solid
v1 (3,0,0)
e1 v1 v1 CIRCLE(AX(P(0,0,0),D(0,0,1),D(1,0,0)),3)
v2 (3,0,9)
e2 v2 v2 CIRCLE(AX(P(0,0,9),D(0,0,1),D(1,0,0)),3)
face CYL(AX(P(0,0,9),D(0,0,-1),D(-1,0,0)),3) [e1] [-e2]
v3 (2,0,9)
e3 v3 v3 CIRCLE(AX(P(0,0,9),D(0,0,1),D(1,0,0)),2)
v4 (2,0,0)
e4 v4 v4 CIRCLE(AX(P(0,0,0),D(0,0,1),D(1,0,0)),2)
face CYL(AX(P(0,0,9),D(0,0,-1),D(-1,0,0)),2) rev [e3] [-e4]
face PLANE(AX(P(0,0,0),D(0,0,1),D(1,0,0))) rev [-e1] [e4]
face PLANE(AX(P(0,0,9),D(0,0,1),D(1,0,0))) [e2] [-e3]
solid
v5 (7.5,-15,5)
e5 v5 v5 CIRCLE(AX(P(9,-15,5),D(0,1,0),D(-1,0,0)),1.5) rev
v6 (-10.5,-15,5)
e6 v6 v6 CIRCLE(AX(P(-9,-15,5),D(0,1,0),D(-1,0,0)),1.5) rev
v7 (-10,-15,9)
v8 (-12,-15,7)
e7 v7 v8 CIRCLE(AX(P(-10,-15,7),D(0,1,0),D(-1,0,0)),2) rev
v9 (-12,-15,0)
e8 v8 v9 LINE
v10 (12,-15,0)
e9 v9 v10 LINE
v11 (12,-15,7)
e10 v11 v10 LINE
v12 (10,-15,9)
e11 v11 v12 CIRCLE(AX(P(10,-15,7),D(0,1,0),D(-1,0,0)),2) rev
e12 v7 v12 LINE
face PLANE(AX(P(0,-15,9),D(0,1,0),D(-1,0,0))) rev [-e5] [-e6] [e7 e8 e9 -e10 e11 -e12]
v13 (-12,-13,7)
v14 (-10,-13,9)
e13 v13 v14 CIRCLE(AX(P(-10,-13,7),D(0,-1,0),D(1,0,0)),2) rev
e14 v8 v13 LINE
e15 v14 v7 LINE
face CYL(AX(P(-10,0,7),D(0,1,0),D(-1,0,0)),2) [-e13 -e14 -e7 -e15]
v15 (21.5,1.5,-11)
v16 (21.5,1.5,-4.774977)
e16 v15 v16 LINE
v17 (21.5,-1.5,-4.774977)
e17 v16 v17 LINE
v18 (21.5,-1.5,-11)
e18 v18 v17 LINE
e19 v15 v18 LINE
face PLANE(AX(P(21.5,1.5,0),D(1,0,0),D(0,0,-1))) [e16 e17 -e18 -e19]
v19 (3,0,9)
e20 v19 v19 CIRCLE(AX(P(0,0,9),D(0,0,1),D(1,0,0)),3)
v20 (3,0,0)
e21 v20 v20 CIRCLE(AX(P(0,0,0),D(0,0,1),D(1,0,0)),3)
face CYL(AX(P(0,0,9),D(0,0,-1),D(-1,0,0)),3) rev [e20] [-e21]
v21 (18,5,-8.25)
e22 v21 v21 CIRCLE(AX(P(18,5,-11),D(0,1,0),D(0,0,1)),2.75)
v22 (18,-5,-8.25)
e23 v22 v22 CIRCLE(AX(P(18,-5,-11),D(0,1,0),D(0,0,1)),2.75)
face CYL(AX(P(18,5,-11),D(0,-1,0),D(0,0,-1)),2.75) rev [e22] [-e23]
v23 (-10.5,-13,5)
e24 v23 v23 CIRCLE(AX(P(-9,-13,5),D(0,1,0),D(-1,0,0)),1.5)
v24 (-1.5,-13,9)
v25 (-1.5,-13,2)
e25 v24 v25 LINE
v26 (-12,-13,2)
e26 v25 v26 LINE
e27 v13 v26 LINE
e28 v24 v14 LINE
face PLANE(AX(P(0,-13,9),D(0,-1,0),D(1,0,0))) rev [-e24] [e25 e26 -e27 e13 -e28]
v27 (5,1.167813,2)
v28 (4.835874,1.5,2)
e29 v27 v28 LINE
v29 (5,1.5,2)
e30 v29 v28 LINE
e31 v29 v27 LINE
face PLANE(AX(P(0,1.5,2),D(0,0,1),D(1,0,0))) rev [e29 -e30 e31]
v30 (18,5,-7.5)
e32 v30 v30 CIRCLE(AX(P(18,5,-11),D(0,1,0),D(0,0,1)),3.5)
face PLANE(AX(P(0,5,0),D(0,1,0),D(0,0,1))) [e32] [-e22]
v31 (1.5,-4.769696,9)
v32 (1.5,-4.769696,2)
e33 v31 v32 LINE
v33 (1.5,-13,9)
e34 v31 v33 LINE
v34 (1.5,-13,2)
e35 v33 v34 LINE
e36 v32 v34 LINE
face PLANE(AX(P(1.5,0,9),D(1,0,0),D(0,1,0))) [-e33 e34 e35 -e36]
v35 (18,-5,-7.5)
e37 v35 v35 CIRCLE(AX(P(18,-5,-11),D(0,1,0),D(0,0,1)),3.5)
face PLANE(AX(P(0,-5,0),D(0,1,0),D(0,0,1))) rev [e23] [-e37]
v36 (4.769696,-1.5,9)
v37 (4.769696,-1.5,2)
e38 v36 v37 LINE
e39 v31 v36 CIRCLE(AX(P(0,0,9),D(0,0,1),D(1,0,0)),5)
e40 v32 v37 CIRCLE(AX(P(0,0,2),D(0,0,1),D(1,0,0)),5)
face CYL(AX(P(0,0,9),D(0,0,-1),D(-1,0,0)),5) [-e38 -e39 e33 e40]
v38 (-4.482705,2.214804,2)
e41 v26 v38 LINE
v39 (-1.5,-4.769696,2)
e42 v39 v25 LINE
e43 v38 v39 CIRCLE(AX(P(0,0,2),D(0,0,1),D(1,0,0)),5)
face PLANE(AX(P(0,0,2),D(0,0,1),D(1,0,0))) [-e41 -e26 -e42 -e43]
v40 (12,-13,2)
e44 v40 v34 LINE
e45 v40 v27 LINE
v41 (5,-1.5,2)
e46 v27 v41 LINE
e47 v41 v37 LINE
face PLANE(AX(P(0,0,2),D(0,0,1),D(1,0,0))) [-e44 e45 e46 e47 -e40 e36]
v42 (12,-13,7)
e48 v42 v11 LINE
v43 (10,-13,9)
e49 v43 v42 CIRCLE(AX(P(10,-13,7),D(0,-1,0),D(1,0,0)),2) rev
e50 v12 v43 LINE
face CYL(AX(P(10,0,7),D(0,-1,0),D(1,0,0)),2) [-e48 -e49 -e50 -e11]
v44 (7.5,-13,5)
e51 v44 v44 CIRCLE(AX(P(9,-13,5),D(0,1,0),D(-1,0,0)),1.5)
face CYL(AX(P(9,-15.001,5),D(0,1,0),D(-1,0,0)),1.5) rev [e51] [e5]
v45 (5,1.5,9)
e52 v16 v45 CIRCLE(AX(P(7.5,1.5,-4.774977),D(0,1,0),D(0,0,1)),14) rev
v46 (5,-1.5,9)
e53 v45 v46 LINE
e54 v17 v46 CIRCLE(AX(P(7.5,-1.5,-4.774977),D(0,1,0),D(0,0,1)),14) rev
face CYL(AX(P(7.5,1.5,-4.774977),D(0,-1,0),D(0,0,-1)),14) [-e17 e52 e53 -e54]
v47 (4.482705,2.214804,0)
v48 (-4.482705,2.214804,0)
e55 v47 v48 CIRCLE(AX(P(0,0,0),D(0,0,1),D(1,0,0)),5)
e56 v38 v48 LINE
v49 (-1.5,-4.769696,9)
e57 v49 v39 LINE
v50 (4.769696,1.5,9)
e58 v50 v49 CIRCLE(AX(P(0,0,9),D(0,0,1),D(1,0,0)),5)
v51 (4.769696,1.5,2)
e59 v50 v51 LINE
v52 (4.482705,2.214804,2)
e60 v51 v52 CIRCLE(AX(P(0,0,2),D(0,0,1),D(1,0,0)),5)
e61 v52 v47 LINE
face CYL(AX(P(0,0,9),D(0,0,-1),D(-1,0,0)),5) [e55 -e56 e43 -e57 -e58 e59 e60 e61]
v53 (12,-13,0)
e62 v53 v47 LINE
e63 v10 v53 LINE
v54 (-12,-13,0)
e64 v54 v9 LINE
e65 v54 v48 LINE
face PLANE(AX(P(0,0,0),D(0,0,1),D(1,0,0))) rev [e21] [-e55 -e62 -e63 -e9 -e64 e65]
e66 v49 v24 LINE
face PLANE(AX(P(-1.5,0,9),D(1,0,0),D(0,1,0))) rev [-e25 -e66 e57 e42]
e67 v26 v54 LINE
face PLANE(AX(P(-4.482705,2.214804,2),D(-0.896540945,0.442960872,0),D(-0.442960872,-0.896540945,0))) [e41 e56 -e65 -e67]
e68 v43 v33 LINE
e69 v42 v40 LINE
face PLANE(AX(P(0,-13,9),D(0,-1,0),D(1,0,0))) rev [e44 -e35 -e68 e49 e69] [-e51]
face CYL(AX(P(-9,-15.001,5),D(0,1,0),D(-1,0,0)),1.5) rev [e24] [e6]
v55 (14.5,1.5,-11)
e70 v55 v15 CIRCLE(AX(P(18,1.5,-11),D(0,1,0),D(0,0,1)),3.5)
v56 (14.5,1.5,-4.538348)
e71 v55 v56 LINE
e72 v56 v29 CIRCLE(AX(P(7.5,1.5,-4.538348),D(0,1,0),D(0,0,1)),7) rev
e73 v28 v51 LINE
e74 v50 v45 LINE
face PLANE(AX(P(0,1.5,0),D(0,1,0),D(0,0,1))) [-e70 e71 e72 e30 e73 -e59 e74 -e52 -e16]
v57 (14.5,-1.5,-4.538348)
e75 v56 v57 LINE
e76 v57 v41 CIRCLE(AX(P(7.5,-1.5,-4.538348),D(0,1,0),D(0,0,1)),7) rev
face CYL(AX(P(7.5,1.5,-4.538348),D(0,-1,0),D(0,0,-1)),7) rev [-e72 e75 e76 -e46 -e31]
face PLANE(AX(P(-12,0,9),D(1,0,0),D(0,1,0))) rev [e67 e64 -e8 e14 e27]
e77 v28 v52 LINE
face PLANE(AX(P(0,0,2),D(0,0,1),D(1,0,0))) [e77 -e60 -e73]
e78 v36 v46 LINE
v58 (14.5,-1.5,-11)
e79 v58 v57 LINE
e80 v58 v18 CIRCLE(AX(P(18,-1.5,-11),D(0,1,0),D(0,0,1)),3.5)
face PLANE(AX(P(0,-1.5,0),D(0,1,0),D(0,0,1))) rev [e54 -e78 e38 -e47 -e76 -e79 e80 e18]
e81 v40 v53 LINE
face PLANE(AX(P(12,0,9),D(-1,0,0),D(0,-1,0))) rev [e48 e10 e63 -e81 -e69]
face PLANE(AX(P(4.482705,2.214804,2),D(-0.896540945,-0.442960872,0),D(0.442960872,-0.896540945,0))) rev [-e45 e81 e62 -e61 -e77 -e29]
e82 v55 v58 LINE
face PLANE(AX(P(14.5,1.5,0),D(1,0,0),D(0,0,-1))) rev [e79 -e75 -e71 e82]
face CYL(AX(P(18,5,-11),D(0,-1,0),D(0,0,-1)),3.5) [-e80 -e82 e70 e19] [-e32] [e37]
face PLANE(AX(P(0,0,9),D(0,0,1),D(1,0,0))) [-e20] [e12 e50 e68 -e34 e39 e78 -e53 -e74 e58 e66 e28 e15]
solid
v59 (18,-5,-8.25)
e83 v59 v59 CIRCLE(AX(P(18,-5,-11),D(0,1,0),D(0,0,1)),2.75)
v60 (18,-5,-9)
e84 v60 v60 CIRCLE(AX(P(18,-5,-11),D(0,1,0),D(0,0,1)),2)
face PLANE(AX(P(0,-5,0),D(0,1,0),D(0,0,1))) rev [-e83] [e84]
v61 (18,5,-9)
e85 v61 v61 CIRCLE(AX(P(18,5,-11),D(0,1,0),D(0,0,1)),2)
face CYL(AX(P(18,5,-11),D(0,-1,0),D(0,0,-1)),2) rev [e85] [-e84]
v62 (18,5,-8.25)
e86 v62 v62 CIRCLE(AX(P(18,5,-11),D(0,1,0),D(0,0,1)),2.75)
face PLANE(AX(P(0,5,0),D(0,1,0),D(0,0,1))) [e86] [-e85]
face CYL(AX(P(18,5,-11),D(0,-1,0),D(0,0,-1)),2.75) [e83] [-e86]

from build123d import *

# Parameters (mm, degrees)
BOSS_EXTRUDE1_DEPTH   = 2
BOSS_EXTRUDE1_2_DEPTH = 2
BOSS_EXTRUDE2_DEPTH   = 9
BOSS_EXTRUDE3_DEPTH   = 9
SKETCH2_R             = 1.5
CUT_EXTRUDE1_DEPTH    = 2
SKETCH4_W             = 1.262081145
SKETCH4_H             = 7
BOSS_EXTRUDE4_DEPTH   = 1.5
SKETCH4_4_R           = 3.5
SKETCH4_4_R_2         = 2.75
BOSS_EXTRUDE5_DEPTH   = 5
SKETCH4_5_R           = 2.75
SKETCH4_5_R_2         = 2
BOSS_EXTRUDE6_DEPTH   = 5
FILLET1_R             = 2


with BuildPart() as part:
    # Sketch1 → Boss-Extrude1 (new body)
    with BuildSketch(Plane.XY):
        with BuildLine():
            Line((1.5, -13), (12, -13))
            Line((12, -13), (4.482704724, 2.214804361))
            ThreePointArc((4.482704724, 2.214804361), (4.868959007, 1.137206309), (5, 0))
            ThreePointArc((5, 0), (4.031128874, -2.958039892), (1.5, -4.769696007))
            Line((1.5, -4.769696007), (1.5, -13))
        make_face()
    extrude(amount=BOSS_EXTRUDE1_DEPTH)



with BuildPart() as body_2:
    # Sketch1 → Boss-Extrude1 2 (new body)
    with BuildSketch(Plane.XY):
        with BuildLine():
            Line((-4.482704724, 2.214804361), (-12, -13))
            Line((-12, -13), (-1.5, -13))
            Line((-1.5, -13), (-1.5, -4.769696007))
            ThreePointArc((-1.5, -4.769696007), (-4.598260573, -1.963669957), (-4.482704724, 2.214804361))
        make_face()
    extrude(amount=BOSS_EXTRUDE1_2_DEPTH)


with BuildPart() as part_1:
    add(part.part)

    add(body_2.part)  # Boss-Extrude2 merges body 2
    # Sketch1<3> → Boss-Extrude2 (add)
    with BuildSketch(Plane.XY):
        Polygon((12, -15), (12, -13), (1.5, -13), (0, -13), (0, -15), align=None)
        Polygon((-1.5, -13), (-12, -13), (-12, -15), (0, -15), (0, -13), align=None)
        with BuildLine():
            ThreePointArc((4.482704724, 2.214804361), (2.638747638, 4.247000224), (0, 5))
            Line((0, 5), (0, 3))
            ThreePointArc((0, 3), (2.121320344, 2.121320344), (3, 0))
            ThreePointArc((3, 0), (2.121320344, -2.121320344), (0, -3))
            Line((0, -3), (0, -5))
            ThreePointArc((0, -5), (0.758788496, -4.942088629), (1.5, -4.769696007))
            ThreePointArc((1.5, -4.769696007), (4.031128874, -2.958039892), (5, 0))
            ThreePointArc((5, 0), (4.868959007, 1.137206309), (4.482704724, 2.214804361))
        make_face()
        with BuildLine():
            Line((0, 3), (0, 5))
            ThreePointArc((0, 5), (-2.638747638, 4.247000224), (-4.482704724, 2.214804361))
            ThreePointArc((-4.482704724, 2.214804361), (-4.598260573, -1.963669957), (-1.5, -4.769696007))
            ThreePointArc((-1.5, -4.769696007), (-0.758788496, -4.942088629), (0, -5))
            Line((0, -5), (0, -3))
            ThreePointArc((0, -3), (-3, 0), (0, 3))
        make_face()
        with BuildLine():
            ThreePointArc((1.5, -4.769696007), (0.758788496, -4.942088629), (0, -5))
            Line((0, -5), (0, -13))
            Line((0, -13), (1.5, -13))
            Line((1.5, -13), (1.5, -4.769696007))
        make_face()
        with BuildLine():
            ThreePointArc((0, -5), (-0.758788496, -4.942088629), (-1.5, -4.769696007))
            Line((-1.5, -4.769696007), (-1.5, -13))
            Line((-1.5, -13), (0, -13))
            Line((0, -13), (0, -5))
        make_face()
    extrude(amount=BOSS_EXTRUDE2_DEPTH)

    # Sketch2 → Cut-Extrude1 (cut)
    with BuildSketch(Plane(origin=(0, -13, 0), x_dir=(1, 0, 0), z_dir=(0, 1, 0))):
        with Locations(Location((9, -5, 0), (0, 0, 180))):
            Circle(SKETCH2_R)
        with Locations(Location((-9, -5, 0), (0, 0, 180))):
            Circle(SKETCH2_R)
    extrude(amount=-CUT_EXTRUDE1_DEPTH, mode=Mode.SUBTRACT)

    # Sketch4 → Boss-Extrude4 (add, symmetric)
    with BuildSketch(Plane(origin=(0, 0, 0), x_dir=(1, 0, 0), z_dir=(0, 1, 0))):
        with BuildLine():
            ThreePointArc((21.5, 11), (18, 7.5), (14.5, 11))
            Line((14.5, 11), (14.5, 4.538348415))
            ThreePointArc((14.5, 4.538348415), (11.468626967, -1.227932882), (5, -2))
            Line((5, -2), (5, -9))
            ThreePointArc((5, -9), (16.472179222, -5.972115316), (21.5, 4.774977314))
            Line((21.5, 4.774977314), (21.5, 11))
        make_face()
        with Locations((4.368959428, -5.5)):
            Rectangle(SKETCH4_W, SKETCH4_H)
    extrude(amount=BOSS_EXTRUDE4_DEPTH, both=True)

    # Sketch4<4> → Boss-Extrude5 (add, symmetric)
    with BuildSketch(Plane(origin=(0, 0, 0), x_dir=(1, 0, 0), z_dir=(0, 1, 0))):
        with Locations(Location((18, 11, 0), (0, 0, 270))):
            Circle(SKETCH4_4_R)
        with Locations(Location((18, 11, 0), (0, 0, 270))):
            Circle(SKETCH4_4_R_2, mode=Mode.SUBTRACT)
    extrude(amount=BOSS_EXTRUDE5_DEPTH, both=True)

    # Fillet1
    fillet1_edges = [part_1.edges().sort_by_distance(p)[0] for p in [
        (-12, -14, 9),
        (12, -14, 9),
    ]]
    fillet(fillet1_edges, radius=FILLET1_R)


with BuildPart() as body_2_2:
    # Sketch1<4> → Boss-Extrude3 (new body)
    with BuildSketch(Plane.XY):
        with BuildLine():
            ThreePointArc((3, 0), (2.121320344, 2.121320344), (0, 3))
            Line((0, 3), (0, 2))
            ThreePointArc((0, 2), (1.414213562, 1.414213562), (2, 0))
            ThreePointArc((2, 0), (1.414213562, -1.414213562), (0, -2))
            Line((0, -2), (0, -3))
            ThreePointArc((0, -3), (2.121320344, -2.121320344), (3, 0))
        make_face()
        with BuildLine():
            Line((0, 2), (0, 3))
            ThreePointArc((0, 3), (-3, 0), (0, -3))
            Line((0, -3), (0, -2))
            ThreePointArc((0, -2), (-2, 0), (0, 2))
        make_face()
    extrude(amount=BOSS_EXTRUDE3_DEPTH)


with BuildPart() as body_3:
    # Sketch4<5> → Boss-Extrude6 (new, symmetric)
    with BuildSketch(Plane(origin=(0, 0, 0), x_dir=(1, 0, 0), z_dir=(0, 1, 0))):
        with Locations(Location((18, 11, 0), (0, 0, 270))):
            Circle(SKETCH4_5_R)
        with Locations(Location((18, 11, 0), (0, 0, 270))):
            Circle(SKETCH4_5_R_2, mode=Mode.SUBTRACT)
    extrude(amount=BOSS_EXTRUDE6_DEPTH, both=True)


solid = Compound([part_1.part, body_2_2.part, body_3.part])
